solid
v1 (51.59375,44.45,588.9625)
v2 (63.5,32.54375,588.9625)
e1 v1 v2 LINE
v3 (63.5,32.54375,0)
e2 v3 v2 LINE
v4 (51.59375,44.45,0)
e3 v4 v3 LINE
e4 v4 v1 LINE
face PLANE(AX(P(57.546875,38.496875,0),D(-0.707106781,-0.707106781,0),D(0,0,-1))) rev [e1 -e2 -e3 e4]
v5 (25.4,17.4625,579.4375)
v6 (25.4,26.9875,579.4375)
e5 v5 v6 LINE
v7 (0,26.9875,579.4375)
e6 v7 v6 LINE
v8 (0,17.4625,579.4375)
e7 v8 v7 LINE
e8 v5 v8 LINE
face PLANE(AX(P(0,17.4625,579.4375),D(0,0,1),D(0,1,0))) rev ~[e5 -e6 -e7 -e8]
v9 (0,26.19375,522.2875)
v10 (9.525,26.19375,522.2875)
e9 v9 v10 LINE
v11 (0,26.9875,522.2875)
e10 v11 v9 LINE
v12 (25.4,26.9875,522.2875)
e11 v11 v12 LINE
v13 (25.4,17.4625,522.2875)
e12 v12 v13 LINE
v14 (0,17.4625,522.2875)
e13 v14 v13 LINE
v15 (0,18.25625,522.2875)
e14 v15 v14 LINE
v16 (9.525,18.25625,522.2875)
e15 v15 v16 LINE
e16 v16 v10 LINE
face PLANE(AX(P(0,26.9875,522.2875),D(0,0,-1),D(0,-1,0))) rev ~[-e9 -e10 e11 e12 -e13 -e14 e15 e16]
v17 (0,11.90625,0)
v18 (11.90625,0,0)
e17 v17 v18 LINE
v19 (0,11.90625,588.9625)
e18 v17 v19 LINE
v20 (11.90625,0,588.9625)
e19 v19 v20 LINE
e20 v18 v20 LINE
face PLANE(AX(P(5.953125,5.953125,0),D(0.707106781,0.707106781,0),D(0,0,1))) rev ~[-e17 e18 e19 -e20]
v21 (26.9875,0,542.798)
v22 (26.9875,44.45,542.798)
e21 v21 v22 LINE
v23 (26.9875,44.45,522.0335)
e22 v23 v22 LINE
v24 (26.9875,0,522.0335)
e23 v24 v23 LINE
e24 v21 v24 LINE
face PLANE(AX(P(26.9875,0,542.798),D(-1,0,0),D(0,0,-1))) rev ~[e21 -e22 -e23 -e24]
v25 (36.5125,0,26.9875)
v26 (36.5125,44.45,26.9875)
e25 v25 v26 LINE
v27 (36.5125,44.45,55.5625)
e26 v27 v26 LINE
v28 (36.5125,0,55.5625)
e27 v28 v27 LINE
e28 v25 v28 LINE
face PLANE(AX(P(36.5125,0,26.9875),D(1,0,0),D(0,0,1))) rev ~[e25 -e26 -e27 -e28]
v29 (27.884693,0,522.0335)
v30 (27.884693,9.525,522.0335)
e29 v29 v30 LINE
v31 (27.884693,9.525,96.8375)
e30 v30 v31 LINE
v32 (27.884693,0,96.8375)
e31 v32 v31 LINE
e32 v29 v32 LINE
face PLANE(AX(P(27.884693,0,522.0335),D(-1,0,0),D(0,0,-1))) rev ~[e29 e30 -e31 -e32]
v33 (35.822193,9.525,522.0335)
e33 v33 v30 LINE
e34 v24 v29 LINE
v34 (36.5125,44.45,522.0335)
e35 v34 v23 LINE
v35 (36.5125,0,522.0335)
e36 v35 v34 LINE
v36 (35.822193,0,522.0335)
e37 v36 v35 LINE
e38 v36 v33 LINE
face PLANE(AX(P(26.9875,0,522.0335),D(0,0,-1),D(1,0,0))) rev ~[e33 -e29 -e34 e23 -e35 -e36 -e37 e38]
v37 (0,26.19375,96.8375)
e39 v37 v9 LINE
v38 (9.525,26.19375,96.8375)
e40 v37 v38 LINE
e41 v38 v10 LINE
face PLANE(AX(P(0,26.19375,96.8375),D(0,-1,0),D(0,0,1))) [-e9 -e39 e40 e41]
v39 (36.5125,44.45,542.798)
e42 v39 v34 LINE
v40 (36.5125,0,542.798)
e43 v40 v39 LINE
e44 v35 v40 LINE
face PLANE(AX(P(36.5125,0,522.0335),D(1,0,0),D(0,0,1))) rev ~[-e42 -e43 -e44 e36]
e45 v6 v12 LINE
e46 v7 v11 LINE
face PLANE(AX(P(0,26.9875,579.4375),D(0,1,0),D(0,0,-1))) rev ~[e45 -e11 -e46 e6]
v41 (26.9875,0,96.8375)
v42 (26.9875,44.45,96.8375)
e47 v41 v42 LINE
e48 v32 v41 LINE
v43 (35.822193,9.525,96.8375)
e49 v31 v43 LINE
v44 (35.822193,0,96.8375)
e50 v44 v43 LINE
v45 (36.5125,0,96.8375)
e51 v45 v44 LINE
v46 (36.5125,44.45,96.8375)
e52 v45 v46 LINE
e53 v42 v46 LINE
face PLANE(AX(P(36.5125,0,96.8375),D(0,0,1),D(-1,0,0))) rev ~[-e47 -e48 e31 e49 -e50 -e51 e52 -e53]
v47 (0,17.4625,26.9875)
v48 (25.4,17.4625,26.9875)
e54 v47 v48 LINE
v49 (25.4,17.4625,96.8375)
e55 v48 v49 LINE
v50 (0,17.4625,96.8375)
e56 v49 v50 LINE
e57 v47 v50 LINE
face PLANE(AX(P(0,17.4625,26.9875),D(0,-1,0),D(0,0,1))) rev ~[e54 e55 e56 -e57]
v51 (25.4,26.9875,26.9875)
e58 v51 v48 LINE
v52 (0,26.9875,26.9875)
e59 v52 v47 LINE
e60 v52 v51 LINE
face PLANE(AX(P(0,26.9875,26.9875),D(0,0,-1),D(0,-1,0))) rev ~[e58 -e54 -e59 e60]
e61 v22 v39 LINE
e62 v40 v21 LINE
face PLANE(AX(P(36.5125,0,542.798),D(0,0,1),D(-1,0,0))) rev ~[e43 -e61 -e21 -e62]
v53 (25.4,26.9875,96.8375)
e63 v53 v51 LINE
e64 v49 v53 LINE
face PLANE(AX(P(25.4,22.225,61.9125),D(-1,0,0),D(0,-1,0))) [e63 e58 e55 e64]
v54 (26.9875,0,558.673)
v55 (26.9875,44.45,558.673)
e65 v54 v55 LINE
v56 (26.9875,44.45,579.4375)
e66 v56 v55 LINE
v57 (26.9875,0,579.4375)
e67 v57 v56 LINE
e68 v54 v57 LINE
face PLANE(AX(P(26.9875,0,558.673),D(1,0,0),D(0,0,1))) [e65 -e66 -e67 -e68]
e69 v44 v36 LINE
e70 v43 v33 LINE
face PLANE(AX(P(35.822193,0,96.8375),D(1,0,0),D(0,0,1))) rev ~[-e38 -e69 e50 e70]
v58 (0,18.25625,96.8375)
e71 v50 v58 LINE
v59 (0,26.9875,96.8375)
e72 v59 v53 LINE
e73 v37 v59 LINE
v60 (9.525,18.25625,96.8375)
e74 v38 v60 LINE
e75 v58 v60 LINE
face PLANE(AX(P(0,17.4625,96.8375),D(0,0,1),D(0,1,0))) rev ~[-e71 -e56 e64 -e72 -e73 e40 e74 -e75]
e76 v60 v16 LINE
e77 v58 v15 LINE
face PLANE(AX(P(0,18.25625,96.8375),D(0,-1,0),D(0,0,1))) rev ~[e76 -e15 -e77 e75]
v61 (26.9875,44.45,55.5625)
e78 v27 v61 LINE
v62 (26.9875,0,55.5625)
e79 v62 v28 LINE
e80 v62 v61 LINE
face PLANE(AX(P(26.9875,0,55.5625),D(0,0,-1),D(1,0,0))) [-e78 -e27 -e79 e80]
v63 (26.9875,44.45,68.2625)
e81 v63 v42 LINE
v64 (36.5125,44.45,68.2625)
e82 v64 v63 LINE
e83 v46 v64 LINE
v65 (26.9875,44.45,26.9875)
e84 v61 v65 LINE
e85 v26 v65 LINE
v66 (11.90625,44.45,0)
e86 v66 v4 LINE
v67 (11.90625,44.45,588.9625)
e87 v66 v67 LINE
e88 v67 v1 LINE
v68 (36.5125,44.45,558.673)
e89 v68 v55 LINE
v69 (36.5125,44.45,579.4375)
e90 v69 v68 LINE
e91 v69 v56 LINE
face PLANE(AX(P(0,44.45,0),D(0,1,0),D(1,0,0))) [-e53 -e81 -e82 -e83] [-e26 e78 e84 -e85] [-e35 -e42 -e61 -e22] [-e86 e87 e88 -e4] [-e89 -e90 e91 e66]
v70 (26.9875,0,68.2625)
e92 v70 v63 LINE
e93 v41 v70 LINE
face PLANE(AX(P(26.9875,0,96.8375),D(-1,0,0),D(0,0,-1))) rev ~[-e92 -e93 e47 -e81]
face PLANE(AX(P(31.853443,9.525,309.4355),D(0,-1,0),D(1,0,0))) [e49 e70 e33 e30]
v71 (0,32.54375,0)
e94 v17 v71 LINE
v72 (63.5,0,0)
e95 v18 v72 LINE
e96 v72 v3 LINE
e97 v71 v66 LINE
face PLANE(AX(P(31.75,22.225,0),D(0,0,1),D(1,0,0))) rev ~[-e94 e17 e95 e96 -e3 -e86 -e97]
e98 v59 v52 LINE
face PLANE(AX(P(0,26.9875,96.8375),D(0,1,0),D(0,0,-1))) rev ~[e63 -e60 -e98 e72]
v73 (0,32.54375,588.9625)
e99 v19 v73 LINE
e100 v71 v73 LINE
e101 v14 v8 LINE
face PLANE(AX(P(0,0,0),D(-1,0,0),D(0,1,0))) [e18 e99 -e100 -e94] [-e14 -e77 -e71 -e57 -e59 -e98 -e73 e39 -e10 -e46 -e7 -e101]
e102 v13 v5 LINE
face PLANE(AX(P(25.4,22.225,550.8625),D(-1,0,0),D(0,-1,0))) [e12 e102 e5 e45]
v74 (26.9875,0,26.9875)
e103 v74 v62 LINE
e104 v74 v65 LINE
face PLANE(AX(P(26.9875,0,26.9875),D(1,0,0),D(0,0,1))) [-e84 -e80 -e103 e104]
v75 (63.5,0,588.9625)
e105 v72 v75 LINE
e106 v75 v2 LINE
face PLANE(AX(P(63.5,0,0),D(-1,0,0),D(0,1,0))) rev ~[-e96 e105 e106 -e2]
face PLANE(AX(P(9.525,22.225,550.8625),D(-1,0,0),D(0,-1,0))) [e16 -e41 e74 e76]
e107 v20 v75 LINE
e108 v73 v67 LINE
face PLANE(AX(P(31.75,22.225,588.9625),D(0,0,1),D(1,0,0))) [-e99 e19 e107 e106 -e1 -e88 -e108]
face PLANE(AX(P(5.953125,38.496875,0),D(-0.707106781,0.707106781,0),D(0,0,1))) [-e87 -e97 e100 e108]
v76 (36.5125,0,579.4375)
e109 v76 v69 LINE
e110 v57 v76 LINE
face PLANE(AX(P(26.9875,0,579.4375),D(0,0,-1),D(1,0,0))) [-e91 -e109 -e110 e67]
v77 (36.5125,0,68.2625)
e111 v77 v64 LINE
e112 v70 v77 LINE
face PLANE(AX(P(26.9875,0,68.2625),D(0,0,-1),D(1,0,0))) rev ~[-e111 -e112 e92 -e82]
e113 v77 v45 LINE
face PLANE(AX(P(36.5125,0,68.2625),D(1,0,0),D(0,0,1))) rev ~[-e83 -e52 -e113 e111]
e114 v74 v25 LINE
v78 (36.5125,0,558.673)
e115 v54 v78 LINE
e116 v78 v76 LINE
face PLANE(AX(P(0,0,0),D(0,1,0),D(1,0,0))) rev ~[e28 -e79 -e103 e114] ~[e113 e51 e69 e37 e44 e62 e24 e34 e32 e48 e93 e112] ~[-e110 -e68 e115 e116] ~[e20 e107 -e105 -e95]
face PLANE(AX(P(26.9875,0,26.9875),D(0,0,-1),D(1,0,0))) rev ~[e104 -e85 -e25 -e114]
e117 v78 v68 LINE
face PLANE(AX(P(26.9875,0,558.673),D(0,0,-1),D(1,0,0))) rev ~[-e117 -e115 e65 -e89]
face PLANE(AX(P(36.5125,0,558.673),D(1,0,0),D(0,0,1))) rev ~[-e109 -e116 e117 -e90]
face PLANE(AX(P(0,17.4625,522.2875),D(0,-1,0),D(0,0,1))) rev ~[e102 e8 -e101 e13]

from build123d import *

# Parameters (mm, degrees)
F0_W     = 63.5
F0_H     = 44.45
F1_DEPTH = 588.9625
F3_DEPTH = 25.4
F2_W     = 7.9375
F2_H     = 425.45
F4_DEPTH = 9.525
F6_DEPTH = 9.525
F5_W     = 9.525
F5_H     = 20.7645
F5_H_2   = 28.575
F7_DEPTH = 44.451
F8_SIZE  = 11.90625


with BuildPart() as f1:
    # F0 (on Top) → F1 (new body)
    with BuildSketch(Plane.XY):
        with Locations((31.75, 22.225)):
            Rectangle(F0_W, F0_H)
    extrude(amount=F1_DEPTH)

    # F2 (on face) → F3 (cut)
    with BuildSketch(Plane(origin=(0, 0, 0), x_dir=(0, -1, 0), z_dir=(-1, 0, 0))):
        Polygon((-17.4625, 579.4375), (-26.9875, 579.4375), (-26.9875, 522.2875), (-26.19375, 522.2875), (-18.25625, 522.2875), (-17.4625, 522.2875), align=None)
        Polygon((-18.25625, 96.8375), (-26.19375, 96.8375), (-26.9875, 96.8375), (-26.9875, 26.9875), (-17.4625, 26.9875), (-17.4625, 96.8375), align=None)
    extrude(amount=-F3_DEPTH, mode=Mode.SUBTRACT)

    # F2 (on face) → F4 (cut)
    with BuildSketch(Plane(origin=(0, 0, 0), x_dir=(0, -1, 0), z_dir=(-1, 0, 0))):
        Polygon((-17.4625, 579.4375), (-26.9875, 579.4375), (-26.9875, 522.2875), (-26.19375, 522.2875), (-18.25625, 522.2875), (-17.4625, 522.2875), align=None)
        with Locations((-22.225, 309.5625)):
            Rectangle(F2_W, F2_H)
        Polygon((-18.25625, 96.8375), (-26.19375, 96.8375), (-26.9875, 96.8375), (-26.9875, 26.9875), (-17.4625, 26.9875), (-17.4625, 96.8375), align=None)
    extrude(amount=-F4_DEPTH, mode=Mode.SUBTRACT)

    # F5 (on face) → F6 (cut)
    with BuildSketch(Plane.XZ):
        Polygon((35.822193, 522.0335), (28.781885, 522.0335), (27.884693, 522.0335), (27.884693, 96.8375), (35.822193, 96.8375), align=None)
    extrude(amount=-F6_DEPTH, mode=Mode.SUBTRACT)

    # F5 (on face) → F7 (cut, through all)
    with BuildSketch(Plane.XZ):
        with Locations((31.75, 569.05525)):
            Rectangle(F5_W, F5_H)
        Polygon((27.884693, 522.0335), (28.781885, 522.0335), (35.822193, 522.0335), (36.5125, 522.0335), (36.5125, 542.798), (26.9875, 542.798), (26.9875, 522.0335), align=None)
        Polygon((35.822193, 96.8375), (27.884693, 96.8375), (26.9875, 96.8375), (26.9875, 68.2625), (36.5125, 68.2625), (36.5125, 96.8375), align=None)
        with Locations((31.75, 41.275)):
            Rectangle(F5_W, F5_H_2)
    extrude(amount=-F7_DEPTH, mode=Mode.SUBTRACT)

    # F8
    f8_edges = [f1.edges().sort_by_distance(p)[0] for p in [
        (63.5, 44.45, 294.48125),
        (0, 44.45, 294.48125),
        (0, 0, 294.48125),
    ]]
    chamfer(f8_edges, length=F8_SIZE)


solid = f1.part
